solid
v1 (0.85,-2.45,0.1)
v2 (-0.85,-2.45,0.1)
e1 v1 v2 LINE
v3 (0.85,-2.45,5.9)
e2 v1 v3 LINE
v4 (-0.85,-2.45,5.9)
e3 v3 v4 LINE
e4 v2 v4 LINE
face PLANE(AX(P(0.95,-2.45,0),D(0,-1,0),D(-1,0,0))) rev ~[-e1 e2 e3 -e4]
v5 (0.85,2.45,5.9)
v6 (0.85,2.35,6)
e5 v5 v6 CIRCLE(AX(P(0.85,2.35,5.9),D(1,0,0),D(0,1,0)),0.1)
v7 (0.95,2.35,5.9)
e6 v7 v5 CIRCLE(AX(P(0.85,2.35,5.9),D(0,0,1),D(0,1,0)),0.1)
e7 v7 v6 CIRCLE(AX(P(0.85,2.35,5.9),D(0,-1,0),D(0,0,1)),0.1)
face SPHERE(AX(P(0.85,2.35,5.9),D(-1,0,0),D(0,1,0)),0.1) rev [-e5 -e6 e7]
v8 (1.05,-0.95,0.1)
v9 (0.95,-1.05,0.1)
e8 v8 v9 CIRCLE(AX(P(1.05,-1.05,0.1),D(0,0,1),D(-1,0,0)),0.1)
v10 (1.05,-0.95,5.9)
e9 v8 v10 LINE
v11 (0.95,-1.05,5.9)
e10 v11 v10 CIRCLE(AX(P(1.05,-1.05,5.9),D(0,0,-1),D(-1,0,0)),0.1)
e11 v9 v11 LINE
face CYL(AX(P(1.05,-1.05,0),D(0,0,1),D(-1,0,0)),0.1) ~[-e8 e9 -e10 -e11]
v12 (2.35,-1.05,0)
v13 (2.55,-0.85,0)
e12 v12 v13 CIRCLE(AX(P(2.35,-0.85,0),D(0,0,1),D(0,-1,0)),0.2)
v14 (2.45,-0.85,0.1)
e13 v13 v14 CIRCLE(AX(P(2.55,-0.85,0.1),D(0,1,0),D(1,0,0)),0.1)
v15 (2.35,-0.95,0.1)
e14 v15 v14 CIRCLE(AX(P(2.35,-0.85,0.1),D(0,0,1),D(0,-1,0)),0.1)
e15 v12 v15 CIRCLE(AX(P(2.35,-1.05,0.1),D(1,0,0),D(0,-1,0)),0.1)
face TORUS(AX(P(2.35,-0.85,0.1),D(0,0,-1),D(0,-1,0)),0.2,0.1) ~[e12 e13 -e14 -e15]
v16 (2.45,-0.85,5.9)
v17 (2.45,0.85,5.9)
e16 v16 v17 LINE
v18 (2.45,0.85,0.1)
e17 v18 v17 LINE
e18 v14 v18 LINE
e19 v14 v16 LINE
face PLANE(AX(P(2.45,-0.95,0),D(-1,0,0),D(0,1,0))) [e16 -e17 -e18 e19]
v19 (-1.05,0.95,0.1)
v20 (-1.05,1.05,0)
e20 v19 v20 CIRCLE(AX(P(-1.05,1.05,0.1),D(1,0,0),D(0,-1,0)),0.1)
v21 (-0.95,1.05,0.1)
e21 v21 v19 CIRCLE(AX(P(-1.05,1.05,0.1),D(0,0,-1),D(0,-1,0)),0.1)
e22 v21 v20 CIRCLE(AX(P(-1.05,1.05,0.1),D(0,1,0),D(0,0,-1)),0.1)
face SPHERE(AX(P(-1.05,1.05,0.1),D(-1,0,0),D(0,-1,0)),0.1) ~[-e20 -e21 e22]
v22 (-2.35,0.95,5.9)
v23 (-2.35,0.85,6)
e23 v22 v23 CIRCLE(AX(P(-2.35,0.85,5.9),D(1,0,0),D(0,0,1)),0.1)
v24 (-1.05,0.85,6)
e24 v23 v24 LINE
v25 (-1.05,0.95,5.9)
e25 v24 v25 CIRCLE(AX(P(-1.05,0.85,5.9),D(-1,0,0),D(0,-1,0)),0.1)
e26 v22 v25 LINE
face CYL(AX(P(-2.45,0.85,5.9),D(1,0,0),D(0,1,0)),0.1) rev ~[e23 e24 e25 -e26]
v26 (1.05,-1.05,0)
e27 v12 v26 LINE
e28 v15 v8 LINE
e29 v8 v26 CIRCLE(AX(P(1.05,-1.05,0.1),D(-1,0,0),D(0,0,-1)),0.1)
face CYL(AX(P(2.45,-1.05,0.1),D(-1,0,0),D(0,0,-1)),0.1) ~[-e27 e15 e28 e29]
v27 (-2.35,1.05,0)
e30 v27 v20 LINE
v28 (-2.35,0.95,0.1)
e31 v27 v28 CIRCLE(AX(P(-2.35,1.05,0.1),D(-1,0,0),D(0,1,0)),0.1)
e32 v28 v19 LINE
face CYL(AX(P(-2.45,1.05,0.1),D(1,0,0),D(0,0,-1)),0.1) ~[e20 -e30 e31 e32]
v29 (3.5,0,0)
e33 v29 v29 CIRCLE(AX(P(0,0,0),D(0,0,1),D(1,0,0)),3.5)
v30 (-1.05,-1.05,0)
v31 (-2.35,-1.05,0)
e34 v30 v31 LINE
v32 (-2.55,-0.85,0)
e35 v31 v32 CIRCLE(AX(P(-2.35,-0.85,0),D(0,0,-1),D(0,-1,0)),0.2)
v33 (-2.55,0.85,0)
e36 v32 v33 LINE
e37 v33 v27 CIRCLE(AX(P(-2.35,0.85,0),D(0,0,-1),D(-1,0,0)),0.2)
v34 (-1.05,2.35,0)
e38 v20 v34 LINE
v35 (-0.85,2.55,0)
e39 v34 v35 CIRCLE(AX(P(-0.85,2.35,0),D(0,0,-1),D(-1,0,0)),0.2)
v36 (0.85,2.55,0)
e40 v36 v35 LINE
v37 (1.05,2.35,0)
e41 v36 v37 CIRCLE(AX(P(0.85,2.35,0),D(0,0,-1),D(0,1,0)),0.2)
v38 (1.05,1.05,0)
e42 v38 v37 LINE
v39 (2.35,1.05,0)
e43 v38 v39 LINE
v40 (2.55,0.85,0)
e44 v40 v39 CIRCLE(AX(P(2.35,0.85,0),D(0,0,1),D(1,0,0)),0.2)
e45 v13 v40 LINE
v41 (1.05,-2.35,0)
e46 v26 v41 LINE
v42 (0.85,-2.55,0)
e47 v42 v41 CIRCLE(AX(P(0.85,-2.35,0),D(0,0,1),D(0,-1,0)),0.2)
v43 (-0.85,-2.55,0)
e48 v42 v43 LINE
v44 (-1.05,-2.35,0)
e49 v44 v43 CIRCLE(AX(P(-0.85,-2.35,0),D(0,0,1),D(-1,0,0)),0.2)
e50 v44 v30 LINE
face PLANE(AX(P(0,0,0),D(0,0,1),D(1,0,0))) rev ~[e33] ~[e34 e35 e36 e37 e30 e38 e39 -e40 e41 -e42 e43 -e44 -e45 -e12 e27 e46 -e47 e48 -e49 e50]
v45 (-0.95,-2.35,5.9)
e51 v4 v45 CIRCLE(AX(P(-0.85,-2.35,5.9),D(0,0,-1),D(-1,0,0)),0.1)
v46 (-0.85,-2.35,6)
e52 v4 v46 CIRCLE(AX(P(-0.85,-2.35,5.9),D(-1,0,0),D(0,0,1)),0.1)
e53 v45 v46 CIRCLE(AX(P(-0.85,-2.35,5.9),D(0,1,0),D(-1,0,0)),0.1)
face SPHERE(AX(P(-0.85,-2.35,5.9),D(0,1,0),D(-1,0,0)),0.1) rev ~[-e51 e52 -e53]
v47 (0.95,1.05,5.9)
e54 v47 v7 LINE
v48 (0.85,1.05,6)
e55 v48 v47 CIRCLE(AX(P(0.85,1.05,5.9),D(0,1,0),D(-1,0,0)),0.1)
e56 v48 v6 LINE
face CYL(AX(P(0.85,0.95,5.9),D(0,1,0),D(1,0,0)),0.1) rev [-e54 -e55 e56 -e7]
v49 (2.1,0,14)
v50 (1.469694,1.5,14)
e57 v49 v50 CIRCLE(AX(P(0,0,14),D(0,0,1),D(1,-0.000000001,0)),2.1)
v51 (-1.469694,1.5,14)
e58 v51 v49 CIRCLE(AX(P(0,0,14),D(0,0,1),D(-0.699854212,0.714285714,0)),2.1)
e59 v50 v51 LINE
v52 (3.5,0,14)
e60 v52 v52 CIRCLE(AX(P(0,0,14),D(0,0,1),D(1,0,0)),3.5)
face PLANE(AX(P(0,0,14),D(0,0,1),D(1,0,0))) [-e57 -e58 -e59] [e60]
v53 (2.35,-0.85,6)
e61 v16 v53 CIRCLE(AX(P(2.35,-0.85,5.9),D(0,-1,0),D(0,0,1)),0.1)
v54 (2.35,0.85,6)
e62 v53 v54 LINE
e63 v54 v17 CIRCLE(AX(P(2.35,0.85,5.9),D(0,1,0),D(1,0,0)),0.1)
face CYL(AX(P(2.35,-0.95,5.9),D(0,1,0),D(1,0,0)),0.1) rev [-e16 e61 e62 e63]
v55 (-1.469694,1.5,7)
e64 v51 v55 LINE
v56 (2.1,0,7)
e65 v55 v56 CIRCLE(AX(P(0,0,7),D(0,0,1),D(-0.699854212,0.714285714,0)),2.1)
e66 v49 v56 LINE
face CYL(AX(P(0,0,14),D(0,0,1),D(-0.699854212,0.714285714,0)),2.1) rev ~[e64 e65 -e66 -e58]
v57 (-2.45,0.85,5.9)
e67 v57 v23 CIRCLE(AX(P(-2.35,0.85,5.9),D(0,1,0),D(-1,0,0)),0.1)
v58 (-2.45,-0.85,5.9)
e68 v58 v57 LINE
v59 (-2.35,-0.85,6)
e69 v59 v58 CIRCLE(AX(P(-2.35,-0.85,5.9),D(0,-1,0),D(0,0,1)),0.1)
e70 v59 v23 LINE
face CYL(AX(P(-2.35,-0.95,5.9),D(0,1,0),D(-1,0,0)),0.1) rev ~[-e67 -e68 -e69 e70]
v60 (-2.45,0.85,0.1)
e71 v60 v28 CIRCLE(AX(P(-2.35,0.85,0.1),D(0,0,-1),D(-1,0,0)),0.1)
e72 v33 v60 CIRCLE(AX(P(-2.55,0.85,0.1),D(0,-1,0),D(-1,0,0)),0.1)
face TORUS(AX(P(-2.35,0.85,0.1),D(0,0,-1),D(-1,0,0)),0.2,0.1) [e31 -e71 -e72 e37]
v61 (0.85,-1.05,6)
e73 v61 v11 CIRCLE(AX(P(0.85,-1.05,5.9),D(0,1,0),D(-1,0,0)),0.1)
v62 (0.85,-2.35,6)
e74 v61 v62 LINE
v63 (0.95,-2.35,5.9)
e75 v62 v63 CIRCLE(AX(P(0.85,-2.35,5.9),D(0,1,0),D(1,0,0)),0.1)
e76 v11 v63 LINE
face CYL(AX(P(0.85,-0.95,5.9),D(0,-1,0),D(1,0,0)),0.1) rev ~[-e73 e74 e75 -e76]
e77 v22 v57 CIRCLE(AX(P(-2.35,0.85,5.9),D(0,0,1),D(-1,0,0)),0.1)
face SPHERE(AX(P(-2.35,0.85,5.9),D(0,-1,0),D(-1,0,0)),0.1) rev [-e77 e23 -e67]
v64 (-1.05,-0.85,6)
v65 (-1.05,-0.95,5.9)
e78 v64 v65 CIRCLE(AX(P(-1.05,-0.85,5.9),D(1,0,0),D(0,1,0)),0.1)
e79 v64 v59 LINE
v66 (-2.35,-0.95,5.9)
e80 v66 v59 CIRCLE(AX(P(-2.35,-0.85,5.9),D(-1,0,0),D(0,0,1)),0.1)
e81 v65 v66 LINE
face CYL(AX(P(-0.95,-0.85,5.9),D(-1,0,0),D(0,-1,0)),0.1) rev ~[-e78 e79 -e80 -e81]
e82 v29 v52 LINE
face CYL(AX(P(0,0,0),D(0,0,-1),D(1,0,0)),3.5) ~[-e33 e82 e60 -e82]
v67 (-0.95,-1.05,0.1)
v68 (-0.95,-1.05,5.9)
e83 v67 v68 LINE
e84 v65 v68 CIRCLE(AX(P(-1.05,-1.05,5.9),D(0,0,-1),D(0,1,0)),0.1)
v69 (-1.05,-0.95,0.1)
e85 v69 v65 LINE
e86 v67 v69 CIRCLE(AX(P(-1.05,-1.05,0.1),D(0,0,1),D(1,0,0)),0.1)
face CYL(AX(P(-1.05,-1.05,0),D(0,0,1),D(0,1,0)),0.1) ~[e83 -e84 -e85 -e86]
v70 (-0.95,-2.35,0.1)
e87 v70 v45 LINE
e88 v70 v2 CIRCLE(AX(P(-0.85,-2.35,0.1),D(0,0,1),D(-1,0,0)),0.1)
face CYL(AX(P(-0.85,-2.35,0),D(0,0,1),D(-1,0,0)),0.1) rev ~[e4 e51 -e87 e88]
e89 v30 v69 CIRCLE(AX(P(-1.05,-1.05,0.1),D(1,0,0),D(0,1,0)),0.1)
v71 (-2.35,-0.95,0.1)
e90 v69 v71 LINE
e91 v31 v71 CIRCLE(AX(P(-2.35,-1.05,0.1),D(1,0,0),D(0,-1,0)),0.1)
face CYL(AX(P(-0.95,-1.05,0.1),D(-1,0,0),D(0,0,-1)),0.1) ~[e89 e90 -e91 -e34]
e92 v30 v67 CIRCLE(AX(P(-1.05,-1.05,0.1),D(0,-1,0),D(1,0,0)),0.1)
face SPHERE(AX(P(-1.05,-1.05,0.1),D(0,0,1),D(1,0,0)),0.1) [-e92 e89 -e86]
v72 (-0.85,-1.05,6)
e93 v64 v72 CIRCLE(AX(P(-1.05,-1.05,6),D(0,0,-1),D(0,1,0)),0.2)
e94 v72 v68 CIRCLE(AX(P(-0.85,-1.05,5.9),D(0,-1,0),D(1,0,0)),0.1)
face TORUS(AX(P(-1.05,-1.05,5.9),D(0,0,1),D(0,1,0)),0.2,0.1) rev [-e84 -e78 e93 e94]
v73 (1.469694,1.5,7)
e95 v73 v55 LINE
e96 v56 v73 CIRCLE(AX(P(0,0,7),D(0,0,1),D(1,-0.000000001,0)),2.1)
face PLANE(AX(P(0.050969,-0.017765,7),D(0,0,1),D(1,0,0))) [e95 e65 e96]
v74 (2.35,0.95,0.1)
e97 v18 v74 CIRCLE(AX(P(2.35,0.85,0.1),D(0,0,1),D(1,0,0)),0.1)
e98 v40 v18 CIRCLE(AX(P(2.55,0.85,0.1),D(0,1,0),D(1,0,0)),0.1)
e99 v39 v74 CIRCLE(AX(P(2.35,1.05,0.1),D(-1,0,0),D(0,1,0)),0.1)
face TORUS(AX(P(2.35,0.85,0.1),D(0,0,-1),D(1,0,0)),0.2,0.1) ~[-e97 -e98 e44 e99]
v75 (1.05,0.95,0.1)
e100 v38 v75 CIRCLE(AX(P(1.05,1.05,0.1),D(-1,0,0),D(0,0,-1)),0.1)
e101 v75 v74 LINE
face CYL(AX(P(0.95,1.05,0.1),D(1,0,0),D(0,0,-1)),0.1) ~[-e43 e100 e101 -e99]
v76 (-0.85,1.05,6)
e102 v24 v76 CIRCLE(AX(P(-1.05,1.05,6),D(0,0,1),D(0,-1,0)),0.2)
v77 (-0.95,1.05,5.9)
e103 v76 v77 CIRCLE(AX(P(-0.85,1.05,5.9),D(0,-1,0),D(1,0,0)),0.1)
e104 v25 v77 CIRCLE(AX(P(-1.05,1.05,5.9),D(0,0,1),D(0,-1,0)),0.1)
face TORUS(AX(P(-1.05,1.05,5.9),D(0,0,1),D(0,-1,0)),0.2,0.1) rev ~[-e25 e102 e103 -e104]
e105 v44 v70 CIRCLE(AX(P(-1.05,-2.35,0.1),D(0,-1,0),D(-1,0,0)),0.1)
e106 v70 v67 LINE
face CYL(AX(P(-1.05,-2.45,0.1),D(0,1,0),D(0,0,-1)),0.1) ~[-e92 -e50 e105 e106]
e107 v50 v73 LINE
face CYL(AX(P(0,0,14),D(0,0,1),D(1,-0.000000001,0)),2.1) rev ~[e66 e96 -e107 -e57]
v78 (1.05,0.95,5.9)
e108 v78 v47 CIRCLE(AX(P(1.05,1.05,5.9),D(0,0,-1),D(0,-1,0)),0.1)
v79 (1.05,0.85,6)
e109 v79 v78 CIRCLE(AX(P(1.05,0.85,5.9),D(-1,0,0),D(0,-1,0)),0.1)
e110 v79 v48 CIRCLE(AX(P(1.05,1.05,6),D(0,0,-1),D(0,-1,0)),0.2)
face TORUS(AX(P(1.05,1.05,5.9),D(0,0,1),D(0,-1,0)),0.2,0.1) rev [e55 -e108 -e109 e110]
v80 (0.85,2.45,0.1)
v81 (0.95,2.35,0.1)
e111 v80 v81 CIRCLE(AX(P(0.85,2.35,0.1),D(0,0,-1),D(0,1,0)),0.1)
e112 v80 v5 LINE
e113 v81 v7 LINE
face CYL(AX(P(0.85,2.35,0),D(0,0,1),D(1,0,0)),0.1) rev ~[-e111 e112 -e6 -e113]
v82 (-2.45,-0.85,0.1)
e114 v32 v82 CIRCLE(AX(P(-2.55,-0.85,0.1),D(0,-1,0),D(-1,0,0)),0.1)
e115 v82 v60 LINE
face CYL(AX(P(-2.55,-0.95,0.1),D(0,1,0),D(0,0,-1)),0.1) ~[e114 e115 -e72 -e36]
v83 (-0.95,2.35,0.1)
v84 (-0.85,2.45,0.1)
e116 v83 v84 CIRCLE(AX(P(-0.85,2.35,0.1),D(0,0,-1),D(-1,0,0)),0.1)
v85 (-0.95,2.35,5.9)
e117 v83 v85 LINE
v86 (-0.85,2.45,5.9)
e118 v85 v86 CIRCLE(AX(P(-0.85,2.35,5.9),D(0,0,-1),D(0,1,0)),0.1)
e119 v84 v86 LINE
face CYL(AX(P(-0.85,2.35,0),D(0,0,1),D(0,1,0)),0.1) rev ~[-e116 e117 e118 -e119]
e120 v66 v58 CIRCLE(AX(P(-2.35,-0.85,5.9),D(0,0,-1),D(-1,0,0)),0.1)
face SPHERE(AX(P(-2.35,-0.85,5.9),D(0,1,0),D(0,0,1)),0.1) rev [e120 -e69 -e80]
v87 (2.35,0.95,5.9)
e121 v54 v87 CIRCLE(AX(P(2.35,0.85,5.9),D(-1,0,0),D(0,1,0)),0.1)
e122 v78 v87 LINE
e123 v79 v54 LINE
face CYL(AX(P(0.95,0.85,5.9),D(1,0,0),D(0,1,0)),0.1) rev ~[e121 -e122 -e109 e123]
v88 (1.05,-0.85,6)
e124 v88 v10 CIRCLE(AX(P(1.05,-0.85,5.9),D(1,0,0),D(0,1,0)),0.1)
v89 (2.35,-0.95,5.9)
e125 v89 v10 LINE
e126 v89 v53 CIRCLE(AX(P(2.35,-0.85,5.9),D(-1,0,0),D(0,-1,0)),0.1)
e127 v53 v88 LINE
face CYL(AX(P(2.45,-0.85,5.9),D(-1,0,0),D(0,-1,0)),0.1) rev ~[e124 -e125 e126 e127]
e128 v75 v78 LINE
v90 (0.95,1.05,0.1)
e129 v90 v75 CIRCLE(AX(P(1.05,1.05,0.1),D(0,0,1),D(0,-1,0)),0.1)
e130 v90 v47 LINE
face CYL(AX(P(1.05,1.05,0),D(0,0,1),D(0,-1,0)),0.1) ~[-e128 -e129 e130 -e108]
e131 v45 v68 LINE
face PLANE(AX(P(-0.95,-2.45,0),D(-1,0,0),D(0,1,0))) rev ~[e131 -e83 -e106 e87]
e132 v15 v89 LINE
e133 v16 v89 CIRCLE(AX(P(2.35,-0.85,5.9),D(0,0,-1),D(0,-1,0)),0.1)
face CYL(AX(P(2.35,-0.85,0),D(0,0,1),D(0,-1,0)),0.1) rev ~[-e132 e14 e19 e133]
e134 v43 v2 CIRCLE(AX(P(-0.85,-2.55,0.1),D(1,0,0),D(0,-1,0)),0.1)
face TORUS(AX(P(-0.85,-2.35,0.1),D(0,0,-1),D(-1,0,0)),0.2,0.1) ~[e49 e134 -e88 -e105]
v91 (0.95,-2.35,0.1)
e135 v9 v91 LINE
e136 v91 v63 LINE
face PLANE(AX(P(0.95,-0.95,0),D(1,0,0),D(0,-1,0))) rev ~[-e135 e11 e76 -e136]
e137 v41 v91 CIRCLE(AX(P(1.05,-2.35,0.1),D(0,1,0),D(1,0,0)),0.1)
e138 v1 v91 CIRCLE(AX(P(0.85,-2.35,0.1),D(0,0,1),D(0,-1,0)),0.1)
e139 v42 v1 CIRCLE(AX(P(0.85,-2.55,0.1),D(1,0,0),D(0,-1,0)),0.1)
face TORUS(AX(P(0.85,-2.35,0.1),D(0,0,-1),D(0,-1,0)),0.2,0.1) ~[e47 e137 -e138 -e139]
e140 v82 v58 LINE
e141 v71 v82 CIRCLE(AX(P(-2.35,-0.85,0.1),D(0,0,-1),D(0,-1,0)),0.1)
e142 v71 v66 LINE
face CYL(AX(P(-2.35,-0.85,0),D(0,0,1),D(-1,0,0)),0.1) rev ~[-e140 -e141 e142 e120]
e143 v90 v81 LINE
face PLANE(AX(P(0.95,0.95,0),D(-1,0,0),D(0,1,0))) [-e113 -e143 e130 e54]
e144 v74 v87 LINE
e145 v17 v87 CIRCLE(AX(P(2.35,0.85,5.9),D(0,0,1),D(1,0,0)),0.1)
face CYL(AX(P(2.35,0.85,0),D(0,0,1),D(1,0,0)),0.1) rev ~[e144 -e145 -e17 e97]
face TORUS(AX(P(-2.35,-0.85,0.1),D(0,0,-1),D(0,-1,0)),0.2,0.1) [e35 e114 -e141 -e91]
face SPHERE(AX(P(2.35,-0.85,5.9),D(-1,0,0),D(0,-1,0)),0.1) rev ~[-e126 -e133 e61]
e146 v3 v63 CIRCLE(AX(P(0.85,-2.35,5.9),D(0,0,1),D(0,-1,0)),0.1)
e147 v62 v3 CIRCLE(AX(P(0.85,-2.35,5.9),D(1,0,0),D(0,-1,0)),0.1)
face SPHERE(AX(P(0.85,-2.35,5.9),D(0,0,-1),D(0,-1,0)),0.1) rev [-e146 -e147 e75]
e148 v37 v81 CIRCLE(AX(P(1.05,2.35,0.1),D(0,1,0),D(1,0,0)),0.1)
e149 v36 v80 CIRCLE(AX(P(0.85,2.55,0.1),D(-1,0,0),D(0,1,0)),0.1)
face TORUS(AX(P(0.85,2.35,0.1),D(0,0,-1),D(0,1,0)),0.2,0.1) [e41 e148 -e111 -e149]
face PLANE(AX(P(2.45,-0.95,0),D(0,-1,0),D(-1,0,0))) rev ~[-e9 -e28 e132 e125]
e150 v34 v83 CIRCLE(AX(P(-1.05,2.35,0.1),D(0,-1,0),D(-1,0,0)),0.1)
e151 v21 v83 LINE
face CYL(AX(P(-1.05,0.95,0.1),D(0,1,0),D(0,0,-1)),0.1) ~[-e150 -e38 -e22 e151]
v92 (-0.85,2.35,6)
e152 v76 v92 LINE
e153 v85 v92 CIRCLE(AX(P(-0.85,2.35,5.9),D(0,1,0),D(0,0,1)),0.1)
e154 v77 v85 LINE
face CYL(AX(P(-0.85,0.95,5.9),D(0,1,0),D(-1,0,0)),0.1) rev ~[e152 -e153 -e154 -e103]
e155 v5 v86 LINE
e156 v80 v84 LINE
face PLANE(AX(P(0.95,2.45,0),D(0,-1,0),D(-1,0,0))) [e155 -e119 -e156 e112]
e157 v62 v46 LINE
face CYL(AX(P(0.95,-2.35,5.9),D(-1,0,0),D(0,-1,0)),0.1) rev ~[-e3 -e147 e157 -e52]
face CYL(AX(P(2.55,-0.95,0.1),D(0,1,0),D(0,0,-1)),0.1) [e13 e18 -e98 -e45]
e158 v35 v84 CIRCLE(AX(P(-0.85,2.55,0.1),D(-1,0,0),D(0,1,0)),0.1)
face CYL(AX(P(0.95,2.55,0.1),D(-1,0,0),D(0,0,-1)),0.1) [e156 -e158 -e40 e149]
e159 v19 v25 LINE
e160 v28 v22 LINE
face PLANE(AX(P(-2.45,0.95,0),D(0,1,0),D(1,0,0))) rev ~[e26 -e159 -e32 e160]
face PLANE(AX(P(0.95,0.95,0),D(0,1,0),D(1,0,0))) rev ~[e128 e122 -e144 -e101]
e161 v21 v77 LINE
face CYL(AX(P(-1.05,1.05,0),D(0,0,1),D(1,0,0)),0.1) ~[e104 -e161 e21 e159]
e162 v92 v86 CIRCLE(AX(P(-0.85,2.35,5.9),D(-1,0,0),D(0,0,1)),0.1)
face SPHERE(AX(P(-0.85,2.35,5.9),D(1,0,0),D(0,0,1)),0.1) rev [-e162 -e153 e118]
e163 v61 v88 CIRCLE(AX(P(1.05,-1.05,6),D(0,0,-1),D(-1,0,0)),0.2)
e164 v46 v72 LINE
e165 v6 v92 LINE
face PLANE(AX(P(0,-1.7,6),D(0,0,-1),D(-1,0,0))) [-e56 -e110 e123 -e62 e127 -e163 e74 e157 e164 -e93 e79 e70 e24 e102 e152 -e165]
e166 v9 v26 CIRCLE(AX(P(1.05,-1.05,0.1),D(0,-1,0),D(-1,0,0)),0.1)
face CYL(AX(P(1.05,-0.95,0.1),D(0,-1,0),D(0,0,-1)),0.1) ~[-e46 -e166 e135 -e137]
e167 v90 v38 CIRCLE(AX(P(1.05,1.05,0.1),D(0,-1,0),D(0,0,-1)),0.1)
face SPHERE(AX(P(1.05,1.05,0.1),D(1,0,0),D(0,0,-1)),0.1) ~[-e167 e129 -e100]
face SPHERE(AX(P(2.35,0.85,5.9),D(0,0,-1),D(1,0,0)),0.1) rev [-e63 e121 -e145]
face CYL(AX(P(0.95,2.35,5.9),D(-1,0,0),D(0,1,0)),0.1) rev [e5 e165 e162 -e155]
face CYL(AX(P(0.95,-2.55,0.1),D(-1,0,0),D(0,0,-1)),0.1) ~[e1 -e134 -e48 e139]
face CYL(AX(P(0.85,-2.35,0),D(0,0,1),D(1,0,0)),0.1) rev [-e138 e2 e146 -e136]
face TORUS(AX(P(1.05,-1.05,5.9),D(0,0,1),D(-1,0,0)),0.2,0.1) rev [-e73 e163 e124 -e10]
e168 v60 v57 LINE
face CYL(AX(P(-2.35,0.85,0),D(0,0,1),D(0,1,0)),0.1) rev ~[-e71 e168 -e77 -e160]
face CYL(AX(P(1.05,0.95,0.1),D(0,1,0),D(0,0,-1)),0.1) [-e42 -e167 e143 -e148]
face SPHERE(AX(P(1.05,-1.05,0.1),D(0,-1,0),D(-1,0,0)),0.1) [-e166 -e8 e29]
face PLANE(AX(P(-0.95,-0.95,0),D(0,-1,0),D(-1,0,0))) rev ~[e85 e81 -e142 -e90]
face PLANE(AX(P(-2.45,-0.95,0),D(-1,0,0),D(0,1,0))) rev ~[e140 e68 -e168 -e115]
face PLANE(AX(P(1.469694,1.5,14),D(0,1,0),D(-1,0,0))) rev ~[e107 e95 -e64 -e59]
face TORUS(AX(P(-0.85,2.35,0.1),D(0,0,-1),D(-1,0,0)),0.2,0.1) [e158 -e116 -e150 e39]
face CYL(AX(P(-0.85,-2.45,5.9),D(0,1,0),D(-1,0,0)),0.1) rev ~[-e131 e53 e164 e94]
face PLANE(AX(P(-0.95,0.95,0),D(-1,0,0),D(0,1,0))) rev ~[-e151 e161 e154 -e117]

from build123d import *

# Parameters (mm, degrees)
SKETCH_1_R          = 3.5
EXTRUDE_1_DEPTH     = 14
CUT_EXTRUDE_1_DEPTH = 7
SKETCH_3_W          = 1.9
SKETCH_3_H          = 1.5
SKETCH_3_W_2        = 1.5
SKETCH_3_H_2        = 1.9
CUT_EXTRUDE_2_DEPTH = 6
FILLET_2_R          = 0.1


with BuildPart() as part:
    # 草图1 → 凸台-拉伸1 (new body)
    with BuildSketch(Plane.XY):
        Circle(SKETCH_1_R)
    extrude(amount=EXTRUDE_1_DEPTH)

    # 草图2 → 切除-拉伸1 (cut)
    with BuildSketch(Plane.XY.offset(14)):
        with BuildLine():
            Line((1.469693846, 1.5), (-1.469693846, 1.5))
            ThreePointArc((-1.469693846, 1.5), (-0.8135241, -1.936021317), (2.1, 0))
            ThreePointArc((2.1, 0), (1.936021317, 0.8135241), (1.469693846, 1.5))
        make_face()
    extrude(amount=-CUT_EXTRUDE_1_DEPTH, mode=Mode.SUBTRACT)

    # 草图3 → 切除-拉伸2 (cut)
    with BuildSketch(Plane(origin=(0, 0, 0), x_dir=(-1, 0, 0), z_dir=(0, 0, -1))):
        with Locations((0, -1.7)):
            Rectangle(SKETCH_3_W, SKETCH_3_H)
        with Locations((1.7, 0)):
            Rectangle(SKETCH_3_W_2, SKETCH_3_H_2)
        Rectangle(SKETCH_3_W, SKETCH_3_H_2)
        with Locations((-1.7, 0)):
            Rectangle(SKETCH_3_W_2, SKETCH_3_H_2)
        with Locations((0, 1.7)):
            Rectangle(SKETCH_3_W, SKETCH_3_H)
    extrude(amount=-CUT_EXTRUDE_2_DEPTH, mode=Mode.SUBTRACT)

    # 圆角2
    fillet_2_edges = [part.edges().sort_by_distance(p)[0] for p in [
        (-0.95, -1.7, 6),
        (-0.95, -0.95, 3),
        (0, -2.45, 0),
        (-0.95, -2.45, 3),
        (0.95, -1.7, 0),
        (0.95, -2.45, 3),
        (1.7, -0.95, 6),
        (0.95, -0.95, 3),
        (2.45, 0, 0),
        (2.45, -0.95, 3),
        (1.7, 0.95, 0),
        (2.45, 0.95, 3),
        (0.95, 1.7, 0),
        (0.95, 0.95, 3),
        (0, 2.45, 6),
        (0.95, 2.45, 3),
        (-0.95, 1.7, 6),
        (-0.95, 2.45, 3),
        (-1.7, 0.95, 0),
        (-0.95, 0.95, 3),
        (-2.45, 0, 6),
        (-2.45, 0.95, 3),
        (-1.7, -0.95, 6),
        (-2.45, -0.95, 3),
        (0, -2.45, 6),
        (0.95, -1.7, 6),
        (2.45, 0, 6),
        (1.7, 0.95, 6),
        (0.95, 1.7, 6),
        (-1.7, 0.95, 6),
        (-0.95, -1.7, 0),
        (-1.7, -0.95, 0),
        (-2.45, 0, 0),
        (-0.95, 1.7, 0),
        (0, 2.45, 0),
        (1.7, -0.95, 0),
    ]]
    fillet(fillet_2_edges, radius=FILLET_2_R)


solid = part.part
